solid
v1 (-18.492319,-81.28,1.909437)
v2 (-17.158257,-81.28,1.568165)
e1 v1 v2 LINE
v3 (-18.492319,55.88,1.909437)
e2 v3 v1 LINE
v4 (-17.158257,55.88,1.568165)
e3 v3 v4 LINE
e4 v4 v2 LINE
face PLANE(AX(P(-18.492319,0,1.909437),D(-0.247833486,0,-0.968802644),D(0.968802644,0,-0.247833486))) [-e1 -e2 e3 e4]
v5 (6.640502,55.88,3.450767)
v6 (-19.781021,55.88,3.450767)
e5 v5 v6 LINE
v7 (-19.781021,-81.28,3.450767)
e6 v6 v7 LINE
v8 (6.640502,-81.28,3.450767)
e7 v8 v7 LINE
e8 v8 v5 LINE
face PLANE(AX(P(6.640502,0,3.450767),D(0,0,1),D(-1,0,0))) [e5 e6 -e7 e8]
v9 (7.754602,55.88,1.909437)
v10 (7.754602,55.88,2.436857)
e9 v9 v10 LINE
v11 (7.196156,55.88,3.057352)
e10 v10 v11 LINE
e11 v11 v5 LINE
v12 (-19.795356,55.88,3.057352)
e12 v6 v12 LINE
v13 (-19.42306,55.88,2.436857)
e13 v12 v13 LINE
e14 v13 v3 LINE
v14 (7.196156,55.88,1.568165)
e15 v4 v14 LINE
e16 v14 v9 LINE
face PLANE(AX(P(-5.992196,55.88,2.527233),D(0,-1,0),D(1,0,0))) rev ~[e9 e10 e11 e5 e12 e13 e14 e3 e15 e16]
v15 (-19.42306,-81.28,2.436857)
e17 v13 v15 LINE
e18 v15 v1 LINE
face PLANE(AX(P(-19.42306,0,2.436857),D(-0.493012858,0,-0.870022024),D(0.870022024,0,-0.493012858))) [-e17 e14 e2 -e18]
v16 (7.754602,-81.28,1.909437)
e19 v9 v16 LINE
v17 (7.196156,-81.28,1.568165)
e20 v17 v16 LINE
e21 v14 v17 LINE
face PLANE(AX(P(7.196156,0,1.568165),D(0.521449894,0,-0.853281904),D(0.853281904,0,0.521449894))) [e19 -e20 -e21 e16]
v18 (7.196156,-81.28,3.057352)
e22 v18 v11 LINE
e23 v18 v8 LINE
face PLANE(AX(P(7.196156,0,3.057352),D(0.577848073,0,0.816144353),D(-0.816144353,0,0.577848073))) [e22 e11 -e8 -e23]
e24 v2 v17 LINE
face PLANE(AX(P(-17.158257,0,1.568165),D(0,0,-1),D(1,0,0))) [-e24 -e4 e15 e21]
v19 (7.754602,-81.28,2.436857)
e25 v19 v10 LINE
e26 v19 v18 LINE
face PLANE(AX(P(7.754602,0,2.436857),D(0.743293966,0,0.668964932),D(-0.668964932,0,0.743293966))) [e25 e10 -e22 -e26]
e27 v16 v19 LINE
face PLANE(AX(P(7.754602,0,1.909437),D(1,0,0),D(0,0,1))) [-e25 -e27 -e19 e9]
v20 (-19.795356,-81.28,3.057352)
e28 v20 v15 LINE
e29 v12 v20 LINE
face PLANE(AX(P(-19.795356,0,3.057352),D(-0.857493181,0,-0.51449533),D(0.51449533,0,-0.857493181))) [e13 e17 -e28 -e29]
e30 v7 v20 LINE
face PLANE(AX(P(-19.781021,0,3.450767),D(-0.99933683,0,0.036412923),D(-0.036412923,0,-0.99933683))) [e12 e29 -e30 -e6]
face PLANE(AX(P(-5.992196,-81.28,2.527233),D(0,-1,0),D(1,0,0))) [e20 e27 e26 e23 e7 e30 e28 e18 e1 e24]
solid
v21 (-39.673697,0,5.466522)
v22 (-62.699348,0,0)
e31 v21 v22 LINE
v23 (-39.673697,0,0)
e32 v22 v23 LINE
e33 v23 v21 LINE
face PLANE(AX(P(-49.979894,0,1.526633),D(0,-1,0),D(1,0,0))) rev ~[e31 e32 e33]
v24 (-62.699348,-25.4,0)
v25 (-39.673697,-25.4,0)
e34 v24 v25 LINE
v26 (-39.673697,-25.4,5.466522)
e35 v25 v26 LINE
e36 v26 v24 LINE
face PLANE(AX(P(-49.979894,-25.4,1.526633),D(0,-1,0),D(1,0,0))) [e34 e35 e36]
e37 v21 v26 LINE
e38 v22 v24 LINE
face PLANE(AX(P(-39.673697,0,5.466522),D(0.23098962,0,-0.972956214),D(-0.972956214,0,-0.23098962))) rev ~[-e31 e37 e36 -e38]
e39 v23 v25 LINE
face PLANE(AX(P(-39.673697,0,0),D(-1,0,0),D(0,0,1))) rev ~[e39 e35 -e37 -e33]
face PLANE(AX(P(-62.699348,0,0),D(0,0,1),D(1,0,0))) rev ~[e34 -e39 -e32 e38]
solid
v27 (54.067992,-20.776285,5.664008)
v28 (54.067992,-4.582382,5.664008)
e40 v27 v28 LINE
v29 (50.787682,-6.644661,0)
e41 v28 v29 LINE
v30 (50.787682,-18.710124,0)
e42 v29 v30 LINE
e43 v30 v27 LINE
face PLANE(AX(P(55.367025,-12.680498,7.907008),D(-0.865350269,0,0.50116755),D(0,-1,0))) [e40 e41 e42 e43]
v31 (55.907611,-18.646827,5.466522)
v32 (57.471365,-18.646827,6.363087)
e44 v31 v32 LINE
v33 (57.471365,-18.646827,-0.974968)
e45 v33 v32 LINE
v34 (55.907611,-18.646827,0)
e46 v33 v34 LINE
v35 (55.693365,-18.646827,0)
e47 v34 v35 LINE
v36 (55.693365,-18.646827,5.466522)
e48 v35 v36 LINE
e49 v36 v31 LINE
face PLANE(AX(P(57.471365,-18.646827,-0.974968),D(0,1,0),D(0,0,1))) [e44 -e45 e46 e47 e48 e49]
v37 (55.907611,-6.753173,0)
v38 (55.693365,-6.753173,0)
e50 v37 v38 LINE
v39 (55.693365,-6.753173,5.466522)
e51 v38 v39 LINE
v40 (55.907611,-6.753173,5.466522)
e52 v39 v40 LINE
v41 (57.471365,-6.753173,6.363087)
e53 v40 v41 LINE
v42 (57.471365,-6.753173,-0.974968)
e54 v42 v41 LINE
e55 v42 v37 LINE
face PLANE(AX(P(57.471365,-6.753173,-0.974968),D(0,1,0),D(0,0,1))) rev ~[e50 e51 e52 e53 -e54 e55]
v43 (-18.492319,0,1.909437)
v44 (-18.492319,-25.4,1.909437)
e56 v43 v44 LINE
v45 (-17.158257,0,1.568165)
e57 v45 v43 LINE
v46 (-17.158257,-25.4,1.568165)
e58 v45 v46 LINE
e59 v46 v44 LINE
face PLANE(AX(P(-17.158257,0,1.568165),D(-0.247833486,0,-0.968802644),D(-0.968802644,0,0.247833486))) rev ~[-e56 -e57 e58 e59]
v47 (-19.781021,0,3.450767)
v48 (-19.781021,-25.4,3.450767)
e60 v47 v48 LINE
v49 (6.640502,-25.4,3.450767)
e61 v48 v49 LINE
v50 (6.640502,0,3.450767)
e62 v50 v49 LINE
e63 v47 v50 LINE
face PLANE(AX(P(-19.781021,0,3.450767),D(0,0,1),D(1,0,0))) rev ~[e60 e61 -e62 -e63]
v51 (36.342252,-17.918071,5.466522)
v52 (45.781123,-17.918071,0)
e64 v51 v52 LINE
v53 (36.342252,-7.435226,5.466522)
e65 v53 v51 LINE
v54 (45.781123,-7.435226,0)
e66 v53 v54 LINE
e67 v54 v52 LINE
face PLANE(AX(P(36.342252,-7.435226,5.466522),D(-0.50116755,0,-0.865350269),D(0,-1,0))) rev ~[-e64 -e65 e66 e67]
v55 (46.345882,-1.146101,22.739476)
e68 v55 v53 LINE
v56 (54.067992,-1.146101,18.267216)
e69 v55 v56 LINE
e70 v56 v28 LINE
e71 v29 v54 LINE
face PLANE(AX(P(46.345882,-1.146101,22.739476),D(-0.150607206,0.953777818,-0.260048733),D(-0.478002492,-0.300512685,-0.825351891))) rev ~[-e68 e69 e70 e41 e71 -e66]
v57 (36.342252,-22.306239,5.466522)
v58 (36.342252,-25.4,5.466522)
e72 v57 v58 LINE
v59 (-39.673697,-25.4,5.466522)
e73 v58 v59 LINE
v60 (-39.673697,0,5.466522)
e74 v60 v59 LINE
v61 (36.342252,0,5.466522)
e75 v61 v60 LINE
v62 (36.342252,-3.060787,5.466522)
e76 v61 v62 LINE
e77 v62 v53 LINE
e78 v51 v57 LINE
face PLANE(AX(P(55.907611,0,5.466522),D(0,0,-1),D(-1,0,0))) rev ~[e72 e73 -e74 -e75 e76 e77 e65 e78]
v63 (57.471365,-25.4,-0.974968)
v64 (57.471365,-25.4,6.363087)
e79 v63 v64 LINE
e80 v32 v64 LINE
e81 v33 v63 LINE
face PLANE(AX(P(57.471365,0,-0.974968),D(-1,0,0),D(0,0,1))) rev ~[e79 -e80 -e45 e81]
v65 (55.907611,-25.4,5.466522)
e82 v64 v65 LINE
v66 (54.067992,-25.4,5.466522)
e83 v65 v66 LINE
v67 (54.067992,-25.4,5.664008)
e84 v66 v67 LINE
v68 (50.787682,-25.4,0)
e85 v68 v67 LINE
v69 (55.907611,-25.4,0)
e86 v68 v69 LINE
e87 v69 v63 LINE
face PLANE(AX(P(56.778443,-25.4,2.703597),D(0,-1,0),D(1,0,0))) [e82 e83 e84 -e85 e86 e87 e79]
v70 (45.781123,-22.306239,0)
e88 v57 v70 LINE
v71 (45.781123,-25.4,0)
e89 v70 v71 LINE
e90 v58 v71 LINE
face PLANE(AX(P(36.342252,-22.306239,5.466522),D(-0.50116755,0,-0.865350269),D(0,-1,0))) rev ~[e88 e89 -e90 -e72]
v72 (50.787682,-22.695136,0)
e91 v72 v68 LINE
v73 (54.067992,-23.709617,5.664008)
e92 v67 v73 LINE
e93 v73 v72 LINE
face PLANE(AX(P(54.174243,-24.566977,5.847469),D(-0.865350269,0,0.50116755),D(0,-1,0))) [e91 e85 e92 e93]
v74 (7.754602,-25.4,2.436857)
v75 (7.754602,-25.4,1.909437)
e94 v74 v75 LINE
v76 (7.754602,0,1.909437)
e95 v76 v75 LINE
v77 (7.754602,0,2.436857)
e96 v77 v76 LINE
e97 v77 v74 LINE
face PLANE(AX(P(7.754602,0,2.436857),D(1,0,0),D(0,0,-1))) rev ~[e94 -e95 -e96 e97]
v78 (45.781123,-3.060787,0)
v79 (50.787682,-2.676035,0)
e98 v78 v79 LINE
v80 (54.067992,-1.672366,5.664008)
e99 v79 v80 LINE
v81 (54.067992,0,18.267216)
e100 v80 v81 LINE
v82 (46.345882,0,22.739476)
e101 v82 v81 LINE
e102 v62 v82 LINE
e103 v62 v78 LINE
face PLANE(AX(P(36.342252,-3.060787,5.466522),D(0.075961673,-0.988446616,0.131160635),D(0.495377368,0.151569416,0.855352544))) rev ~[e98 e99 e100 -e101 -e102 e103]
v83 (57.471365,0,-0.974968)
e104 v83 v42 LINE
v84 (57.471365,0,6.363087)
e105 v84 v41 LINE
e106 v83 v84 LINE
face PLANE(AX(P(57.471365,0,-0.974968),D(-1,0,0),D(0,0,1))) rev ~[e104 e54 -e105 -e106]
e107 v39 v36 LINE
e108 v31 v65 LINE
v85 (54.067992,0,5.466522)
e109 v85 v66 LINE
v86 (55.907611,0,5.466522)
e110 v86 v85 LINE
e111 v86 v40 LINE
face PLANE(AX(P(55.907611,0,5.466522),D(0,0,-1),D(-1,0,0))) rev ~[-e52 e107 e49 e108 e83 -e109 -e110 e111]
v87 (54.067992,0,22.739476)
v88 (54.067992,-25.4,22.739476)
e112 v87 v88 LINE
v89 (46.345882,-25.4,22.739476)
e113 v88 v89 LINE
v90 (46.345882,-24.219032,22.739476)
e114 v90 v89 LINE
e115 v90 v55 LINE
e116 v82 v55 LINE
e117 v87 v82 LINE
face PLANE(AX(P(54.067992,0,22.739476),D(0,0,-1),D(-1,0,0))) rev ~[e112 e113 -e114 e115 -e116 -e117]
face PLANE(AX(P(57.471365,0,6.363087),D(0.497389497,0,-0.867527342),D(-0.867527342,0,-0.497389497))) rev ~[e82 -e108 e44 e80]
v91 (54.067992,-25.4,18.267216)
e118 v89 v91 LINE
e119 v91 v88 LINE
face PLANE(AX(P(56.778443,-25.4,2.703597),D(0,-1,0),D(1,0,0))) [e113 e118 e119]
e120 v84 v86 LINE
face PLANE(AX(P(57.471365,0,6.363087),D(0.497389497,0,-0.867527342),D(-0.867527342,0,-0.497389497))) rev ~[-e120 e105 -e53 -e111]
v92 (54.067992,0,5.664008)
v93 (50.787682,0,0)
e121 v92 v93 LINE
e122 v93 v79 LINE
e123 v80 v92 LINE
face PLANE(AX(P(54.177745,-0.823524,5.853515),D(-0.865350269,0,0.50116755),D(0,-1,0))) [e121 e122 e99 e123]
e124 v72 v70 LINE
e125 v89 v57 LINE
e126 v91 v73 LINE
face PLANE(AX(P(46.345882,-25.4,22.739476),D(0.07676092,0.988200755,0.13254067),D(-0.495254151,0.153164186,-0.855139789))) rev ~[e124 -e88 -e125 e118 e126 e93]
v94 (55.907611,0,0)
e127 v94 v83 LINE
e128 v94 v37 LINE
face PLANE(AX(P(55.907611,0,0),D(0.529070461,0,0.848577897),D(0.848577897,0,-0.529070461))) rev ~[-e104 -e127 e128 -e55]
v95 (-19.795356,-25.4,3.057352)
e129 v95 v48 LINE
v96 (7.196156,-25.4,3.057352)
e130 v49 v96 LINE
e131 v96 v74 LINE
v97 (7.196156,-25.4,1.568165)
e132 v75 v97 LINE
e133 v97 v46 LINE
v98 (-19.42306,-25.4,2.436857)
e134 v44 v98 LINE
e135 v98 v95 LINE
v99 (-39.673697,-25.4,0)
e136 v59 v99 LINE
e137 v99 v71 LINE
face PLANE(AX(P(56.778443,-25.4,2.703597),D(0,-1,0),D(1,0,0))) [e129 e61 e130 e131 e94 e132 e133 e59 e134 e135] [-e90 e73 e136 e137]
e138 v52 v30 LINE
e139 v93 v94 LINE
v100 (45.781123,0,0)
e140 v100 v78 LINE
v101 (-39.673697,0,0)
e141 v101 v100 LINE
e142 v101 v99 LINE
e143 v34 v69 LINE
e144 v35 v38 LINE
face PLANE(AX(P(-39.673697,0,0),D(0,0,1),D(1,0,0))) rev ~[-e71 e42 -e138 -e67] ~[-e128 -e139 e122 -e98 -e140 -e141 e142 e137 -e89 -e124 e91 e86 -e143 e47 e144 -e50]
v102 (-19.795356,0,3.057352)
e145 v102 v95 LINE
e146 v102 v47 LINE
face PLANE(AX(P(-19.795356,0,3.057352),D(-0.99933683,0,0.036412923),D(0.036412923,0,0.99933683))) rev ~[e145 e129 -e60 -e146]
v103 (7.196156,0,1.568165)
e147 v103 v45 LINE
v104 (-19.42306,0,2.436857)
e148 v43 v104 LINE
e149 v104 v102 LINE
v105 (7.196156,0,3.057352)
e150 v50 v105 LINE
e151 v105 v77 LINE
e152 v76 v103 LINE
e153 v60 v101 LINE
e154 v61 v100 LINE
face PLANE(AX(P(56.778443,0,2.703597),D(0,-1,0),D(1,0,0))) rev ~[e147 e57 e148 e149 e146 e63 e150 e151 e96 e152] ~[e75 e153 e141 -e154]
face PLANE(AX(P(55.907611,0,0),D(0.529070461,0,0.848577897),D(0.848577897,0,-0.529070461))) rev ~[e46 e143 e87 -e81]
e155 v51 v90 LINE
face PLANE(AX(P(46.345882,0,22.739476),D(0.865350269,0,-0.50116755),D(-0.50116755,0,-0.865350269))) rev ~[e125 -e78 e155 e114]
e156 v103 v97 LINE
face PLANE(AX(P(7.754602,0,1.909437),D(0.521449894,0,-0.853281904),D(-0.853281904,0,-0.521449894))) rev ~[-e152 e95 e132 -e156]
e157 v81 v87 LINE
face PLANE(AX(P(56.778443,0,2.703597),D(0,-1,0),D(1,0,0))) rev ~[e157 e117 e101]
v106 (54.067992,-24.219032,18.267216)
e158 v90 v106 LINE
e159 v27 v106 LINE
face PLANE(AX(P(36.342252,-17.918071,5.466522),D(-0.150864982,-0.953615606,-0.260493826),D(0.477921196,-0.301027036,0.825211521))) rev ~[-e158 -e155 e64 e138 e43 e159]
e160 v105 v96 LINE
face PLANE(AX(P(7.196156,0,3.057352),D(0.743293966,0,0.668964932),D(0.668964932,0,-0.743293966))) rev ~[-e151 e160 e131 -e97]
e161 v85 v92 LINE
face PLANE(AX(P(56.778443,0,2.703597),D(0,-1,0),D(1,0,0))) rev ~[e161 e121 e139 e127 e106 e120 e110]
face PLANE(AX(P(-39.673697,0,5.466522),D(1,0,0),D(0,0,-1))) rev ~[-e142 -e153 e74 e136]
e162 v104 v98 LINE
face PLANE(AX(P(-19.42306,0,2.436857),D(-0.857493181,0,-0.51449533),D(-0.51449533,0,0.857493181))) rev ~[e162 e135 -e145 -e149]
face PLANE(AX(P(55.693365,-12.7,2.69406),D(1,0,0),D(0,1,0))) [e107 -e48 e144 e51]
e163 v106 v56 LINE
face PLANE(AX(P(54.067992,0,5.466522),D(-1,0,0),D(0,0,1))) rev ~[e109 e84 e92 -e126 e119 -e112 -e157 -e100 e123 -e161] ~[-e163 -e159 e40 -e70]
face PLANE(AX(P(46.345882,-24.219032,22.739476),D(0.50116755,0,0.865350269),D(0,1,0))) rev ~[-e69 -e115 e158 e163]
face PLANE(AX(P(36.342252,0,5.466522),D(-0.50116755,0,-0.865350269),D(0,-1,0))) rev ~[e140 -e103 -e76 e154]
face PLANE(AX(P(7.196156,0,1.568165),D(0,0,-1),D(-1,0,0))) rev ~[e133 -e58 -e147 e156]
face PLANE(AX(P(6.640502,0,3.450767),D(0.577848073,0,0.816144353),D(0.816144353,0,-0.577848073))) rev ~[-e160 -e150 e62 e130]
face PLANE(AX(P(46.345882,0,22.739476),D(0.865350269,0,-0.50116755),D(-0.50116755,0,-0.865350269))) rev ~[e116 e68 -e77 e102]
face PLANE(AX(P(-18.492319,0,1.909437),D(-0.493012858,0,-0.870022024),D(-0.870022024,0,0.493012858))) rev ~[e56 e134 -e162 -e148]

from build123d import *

# Parameters (mm, degrees)
F1_DEPTH  = 25.4
F2_DEPTH  = 81.28
F3_DEPTH  = 25.4
F4_DEPTH  = 25.4
F5_DEPTH  = 25.4
F6_DEPTH  = 55.88
F8_DEPTH  = 15.24
F9_DEPTH  = 15.24
F10_W     = 11.8936536178
F10_H     = 7.3380545364
F11_DEPTH = 1.778
F12_DEPTH = 15.24


with BuildPart() as f1:
    # F0 (on Front) → F1 (new body)
    with BuildSketch(Plane.XZ):
        Polygon((-39.6736972034, 5.4665217176), (-62.6993477345, 0), (-39.6736972034, 0), align=None)
    extrude(amount=F1_DEPTH)


with BuildPart() as f2:
    # F0 (on Front) → F2 (new body)
    with BuildSketch(Plane.XZ):
        Polygon((6.640501786, 3.4507671371), (-19.7810214013, 3.4507671371), (-19.7953563184, 3.0573515687), (-19.4230601192, 2.4368572049), (-18.4923186898, 1.909436658), (-17.1582568437, 1.5681646764), (6.640501786, 1.5681646764), (7.1961563081, 1.5681646764), (7.7546015382, 1.909436658), (7.7546015382, 2.4368572049), (7.1961563081, 3.0573515687), align=None)
    extrude(amount=F2_DEPTH)

    # F0 (on Front) → F6 (join)
    with BuildSketch(Plane.XZ):
        Polygon((6.640501786, 3.4507671371), (-19.7810214013, 3.4507671371), (-19.7953563184, 3.0573515687), (-19.4230601192, 2.4368572049), (-18.4923186898, 1.909436658), (-17.1582568437, 1.5681646764), (6.640501786, 1.5681646764), (7.1961563081, 1.5681646764), (7.7546015382, 1.909436658), (7.7546015382, 2.4368572049), (7.1961563081, 3.0573515687), align=None)
    extrude(amount=-F6_DEPTH)


with BuildPart() as f3:
    # F0 (on Front) → F3 (new body)
    with BuildSketch(Plane.XZ):
        Polygon((36.3422520459, 5.4665217176), (-39.6736972034, 5.4665217176), (-39.6736972034, 0), (55.9076108038, 0), (55.9076108038, 5.4665217176), (54.0679916739, 5.4665217176), align=None)
        Polygon((-19.7953563184, 3.0573515687), (-19.7810214013, 3.4507671371), (6.640501786, 3.4507671371), (7.1961563081, 3.0573515687), (7.7546015382, 2.4368572049), (7.7546015382, 1.909436658), (7.1961563081, 1.5681646764), (6.640501786, 1.5681646764), (-17.1582568437, 1.5681646764), (-18.4923186898, 1.909436658), (-19.4230601192, 2.4368572049), align=None, mode=Mode.SUBTRACT)
    extrude(amount=F3_DEPTH)

    # F0 (on Front) → F4 (join)
    with BuildSketch(Plane.XZ):
        Polygon((46.3458821177, 22.739475593), (36.3422520459, 5.4665217176), (54.0679916739, 5.4665217176), (54.0679916739, 22.739475593), align=None)
    extrude(amount=F4_DEPTH)

    # F0 (on Front) → F5 (join)
    with BuildSketch(Plane.XZ):
        Polygon((55.9076108038, 5.4665217176), (55.9076108038, 0), (57.4713647366, -0.9749676683), (57.4713647366, 6.3630868681), align=None)
    extrude(amount=F5_DEPTH)

    # F7 (on face) → F8 (cut)
    with BuildSketch(Plane(origin=(24.8434570503, 0, -14.388086475), x_dir=(0, -1, 0), z_dir=(-0.8653502685, 0, 0.5011675496))):
        Polygon((3.0607865192, 22.9440134421), (0, 42.9046634865), (0, 22.9440134421), align=None)
    extrude(amount=-F8_DEPTH, mode=Mode.SUBTRACT)

    # F7 (on face) → F9 (cut)
    with BuildSketch(Plane(origin=(24.8434570503, 0, -14.388086475), x_dir=(0, -1, 0), z_dir=(-0.8653502685, 0, 0.5011675496))):
        Polygon((25.4, 22.9440134421), (25.4, 42.9046634865), (22.3062392324, 22.9440134421), align=None)
    extrude(amount=-F9_DEPTH, mode=Mode.SUBTRACT)

    # F10 (on face) → F11 (cut)
    with BuildSketch(Plane.YZ.offset(57.4713647366)):
        with Locations((-12.7, 2.6940595999)):
            Rectangle(F10_W, F10_H)
    extrude(amount=-F11_DEPTH, mode=Mode.SUBTRACT)

    # F7 (on face) → F12 (cut)
    with BuildSketch(Plane(origin=(24.8434570503, 0, -14.388086475), x_dir=(0, -1, 0), z_dir=(-0.8653502685, 0, 0.5011675496))):
        Polygon((24.219032377, 42.9046634865), (1.1461006943, 42.9046634865), (7.4352263473, 22.9440134421), (17.9180707783, 22.9440134421), align=None)
    extrude(amount=-F12_DEPTH, mode=Mode.SUBTRACT)


solid = Compound([f1.part, f2.part, f3.part])
